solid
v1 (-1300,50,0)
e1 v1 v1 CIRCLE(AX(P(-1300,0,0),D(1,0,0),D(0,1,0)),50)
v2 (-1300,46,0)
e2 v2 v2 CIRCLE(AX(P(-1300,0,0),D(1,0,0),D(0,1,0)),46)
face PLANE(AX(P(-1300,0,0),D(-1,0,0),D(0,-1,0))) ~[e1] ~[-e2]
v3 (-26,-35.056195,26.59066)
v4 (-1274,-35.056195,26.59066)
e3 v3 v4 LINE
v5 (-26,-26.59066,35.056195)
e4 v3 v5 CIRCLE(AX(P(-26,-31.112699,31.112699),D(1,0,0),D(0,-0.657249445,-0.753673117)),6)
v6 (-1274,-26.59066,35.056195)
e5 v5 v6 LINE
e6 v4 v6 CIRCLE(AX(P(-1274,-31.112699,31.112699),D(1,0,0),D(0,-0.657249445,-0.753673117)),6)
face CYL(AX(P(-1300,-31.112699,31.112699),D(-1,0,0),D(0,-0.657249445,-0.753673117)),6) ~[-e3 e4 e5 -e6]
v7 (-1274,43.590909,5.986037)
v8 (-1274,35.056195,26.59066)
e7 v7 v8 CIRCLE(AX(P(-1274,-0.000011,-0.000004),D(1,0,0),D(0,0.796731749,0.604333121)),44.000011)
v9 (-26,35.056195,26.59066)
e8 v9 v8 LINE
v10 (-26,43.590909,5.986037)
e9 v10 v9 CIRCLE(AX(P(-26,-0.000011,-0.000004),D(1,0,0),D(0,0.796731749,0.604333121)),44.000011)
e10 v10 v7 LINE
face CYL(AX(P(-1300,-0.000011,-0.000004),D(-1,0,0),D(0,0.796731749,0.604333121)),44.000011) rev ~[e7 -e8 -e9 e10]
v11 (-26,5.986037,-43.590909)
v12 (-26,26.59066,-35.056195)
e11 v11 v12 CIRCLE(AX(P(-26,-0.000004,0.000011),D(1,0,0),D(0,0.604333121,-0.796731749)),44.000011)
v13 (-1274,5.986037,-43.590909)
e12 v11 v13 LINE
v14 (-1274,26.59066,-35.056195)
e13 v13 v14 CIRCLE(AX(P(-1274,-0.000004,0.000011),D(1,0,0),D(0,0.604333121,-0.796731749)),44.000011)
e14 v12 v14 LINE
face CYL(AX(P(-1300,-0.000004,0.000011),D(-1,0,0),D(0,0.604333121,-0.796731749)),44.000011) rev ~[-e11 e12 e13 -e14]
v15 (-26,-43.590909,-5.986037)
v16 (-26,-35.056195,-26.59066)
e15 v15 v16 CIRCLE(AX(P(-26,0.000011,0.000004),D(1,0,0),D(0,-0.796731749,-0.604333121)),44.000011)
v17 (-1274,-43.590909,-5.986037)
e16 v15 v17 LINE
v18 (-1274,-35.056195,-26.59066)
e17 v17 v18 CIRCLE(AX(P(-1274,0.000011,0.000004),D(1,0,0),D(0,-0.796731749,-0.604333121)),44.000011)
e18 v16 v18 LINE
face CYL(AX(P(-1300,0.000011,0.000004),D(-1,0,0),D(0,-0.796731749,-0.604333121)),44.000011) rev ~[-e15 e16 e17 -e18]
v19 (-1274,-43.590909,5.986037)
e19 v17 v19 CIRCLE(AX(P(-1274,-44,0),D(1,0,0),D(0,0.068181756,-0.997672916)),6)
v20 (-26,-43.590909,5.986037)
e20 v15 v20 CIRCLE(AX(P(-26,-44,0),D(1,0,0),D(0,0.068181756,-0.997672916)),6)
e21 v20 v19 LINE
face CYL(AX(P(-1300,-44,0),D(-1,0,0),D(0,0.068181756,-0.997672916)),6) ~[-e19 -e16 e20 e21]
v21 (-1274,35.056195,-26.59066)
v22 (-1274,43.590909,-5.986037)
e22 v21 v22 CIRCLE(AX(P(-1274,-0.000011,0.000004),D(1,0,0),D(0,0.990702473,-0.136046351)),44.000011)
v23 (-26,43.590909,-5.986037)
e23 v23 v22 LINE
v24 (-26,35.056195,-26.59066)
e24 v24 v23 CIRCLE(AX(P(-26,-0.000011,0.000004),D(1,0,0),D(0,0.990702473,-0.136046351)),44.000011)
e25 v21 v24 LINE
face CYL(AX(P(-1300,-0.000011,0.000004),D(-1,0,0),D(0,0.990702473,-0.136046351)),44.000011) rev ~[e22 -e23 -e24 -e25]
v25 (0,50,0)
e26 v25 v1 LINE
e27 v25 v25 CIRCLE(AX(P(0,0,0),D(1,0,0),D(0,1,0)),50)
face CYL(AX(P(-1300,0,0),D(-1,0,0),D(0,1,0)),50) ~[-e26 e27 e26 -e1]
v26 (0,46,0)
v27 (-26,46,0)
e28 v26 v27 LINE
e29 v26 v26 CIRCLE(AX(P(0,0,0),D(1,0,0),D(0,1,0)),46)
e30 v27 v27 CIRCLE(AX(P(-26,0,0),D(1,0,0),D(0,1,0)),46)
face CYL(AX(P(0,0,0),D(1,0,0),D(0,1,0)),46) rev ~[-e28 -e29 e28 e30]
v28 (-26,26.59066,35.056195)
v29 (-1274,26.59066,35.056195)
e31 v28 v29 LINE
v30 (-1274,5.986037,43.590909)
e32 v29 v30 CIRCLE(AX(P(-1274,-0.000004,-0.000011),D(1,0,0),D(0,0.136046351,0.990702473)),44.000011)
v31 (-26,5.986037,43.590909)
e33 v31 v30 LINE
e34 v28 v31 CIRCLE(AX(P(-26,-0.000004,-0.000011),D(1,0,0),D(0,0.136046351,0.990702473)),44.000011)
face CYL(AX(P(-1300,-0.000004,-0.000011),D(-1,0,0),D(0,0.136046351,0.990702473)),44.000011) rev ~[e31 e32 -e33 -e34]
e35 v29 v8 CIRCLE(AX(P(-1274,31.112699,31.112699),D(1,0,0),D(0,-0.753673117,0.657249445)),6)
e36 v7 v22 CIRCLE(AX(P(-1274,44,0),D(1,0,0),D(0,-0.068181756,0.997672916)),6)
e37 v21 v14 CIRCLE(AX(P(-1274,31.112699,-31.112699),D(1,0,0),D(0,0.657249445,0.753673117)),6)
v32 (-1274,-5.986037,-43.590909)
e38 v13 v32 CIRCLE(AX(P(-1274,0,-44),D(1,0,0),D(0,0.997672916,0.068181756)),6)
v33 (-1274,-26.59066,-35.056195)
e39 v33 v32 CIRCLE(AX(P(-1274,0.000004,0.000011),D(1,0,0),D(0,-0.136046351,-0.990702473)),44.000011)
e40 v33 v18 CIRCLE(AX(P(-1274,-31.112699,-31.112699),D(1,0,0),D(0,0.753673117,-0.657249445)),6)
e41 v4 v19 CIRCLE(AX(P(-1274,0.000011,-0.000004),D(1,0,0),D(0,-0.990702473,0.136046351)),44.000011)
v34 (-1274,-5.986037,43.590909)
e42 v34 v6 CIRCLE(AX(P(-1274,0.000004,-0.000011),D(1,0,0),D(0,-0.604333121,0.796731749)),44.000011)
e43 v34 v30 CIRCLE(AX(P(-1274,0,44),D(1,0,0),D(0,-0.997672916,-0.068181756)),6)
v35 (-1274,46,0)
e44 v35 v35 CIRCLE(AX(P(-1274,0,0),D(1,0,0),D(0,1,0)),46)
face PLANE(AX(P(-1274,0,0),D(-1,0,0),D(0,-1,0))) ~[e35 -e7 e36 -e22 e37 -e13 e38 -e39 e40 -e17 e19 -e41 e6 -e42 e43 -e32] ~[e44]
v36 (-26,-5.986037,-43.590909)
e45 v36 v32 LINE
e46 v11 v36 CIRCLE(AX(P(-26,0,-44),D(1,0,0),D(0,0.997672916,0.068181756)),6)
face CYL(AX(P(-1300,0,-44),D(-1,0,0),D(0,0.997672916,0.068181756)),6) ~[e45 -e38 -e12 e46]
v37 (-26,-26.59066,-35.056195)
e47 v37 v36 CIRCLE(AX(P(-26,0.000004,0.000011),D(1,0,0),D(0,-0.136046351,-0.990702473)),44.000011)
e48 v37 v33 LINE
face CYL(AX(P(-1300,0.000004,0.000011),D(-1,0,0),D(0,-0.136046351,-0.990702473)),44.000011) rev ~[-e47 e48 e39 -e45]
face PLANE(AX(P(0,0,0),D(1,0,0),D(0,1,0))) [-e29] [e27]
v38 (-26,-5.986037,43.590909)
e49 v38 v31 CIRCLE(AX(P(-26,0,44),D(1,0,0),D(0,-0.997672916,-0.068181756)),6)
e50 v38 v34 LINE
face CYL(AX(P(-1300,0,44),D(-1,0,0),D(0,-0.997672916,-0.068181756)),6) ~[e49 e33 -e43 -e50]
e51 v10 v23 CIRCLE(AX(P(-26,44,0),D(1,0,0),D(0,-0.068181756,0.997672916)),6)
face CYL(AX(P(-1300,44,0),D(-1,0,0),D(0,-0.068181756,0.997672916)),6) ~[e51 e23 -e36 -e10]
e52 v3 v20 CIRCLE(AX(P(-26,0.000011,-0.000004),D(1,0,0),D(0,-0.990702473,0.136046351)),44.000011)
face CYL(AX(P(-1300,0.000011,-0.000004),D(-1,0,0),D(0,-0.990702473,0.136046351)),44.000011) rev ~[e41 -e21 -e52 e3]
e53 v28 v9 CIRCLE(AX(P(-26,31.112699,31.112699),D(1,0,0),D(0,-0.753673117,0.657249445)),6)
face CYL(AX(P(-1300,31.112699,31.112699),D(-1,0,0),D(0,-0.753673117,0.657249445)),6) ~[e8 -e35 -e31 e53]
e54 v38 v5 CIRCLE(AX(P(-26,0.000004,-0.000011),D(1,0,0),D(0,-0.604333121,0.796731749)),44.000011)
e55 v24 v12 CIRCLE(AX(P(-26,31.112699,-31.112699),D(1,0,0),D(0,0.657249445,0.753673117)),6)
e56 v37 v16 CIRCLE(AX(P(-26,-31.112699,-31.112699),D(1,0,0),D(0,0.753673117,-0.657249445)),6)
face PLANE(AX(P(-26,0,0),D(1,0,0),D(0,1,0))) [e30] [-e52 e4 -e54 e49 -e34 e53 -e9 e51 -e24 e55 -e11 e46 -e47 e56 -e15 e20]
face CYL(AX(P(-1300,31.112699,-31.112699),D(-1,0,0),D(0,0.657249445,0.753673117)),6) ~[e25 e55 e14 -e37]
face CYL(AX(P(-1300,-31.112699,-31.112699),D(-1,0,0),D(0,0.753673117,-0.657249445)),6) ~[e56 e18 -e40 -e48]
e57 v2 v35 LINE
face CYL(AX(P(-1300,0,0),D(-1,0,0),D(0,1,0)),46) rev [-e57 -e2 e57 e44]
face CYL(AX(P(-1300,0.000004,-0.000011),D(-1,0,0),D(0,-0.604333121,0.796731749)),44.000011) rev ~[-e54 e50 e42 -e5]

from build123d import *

# Parameters (mm, degrees)
F0_R     = 50
F1_DEPTH = 650
F2_R     = 46
F3_DEPTH = 26


with BuildPart() as f1:
    # F0 (on Right) → F1 (new body)
    with BuildSketch(Plane.YZ):
        Circle(F0_R)
        with BuildLine():
            ThreePointArc((26.59066, -35.056195), (16.838071, -40.650699), (5.986037, -43.590909))
            ThreePointArc((5.986037, -43.590909), (0, -38), (-5.986037, -43.590909))
            ThreePointArc((-5.986037, -43.590909), (-16.838071, -40.650699), (-26.59066, -35.056195))
            ThreePointArc((-26.59066, -35.056195), (-26.870058, -26.870058), (-35.056195, -26.59066))
            ThreePointArc((-35.056195, -26.59066), (-40.650699, -16.838071), (-43.590909, -5.986037))
            ThreePointArc((-43.590909, -5.986037), (-38, 0), (-43.590909, 5.986037))
            ThreePointArc((-43.590909, 5.986037), (-40.650699, 16.838071), (-35.056195, 26.59066))
            ThreePointArc((-35.056195, 26.59066), (-26.870058, 26.870058), (-26.59066, 35.056195))
            ThreePointArc((-26.59066, 35.056195), (-16.838071, 40.650699), (-5.986037, 43.590909))
            ThreePointArc((-5.986037, 43.590909), (0, 38), (5.986037, 43.590909))
            ThreePointArc((5.986037, 43.590909), (16.838071, 40.650699), (26.59066, 35.056195))
            ThreePointArc((26.59066, 35.056195), (26.870058, 26.870058), (35.056195, 26.59066))
            ThreePointArc((35.056195, 26.59066), (40.650699, 16.838071), (43.590909, 5.986037))
            ThreePointArc((43.590909, 5.986037), (38, 0), (43.590909, -5.986037))
            ThreePointArc((43.590909, -5.986037), (40.650699, -16.838071), (35.056195, -26.59066))
            ThreePointArc((35.056195, -26.59066), (26.870058, -26.870058), (26.59066, -35.056195))
        make_face(mode=Mode.SUBTRACT)
    extrude(amount=-F1_DEPTH)

    # F2 (on Right) → F3 (cut)
    with BuildSketch(Plane.YZ):
        Circle(F2_R)
    extrude(amount=-F3_DEPTH, mode=Mode.SUBTRACT)

    # F4: F1 across face


with BuildPart() as f1_1:
    add(f1.part)
    add(f1.part.mirror(Plane(origin=(-650, 0, 0), x_dir=(0, 1, 0), z_dir=(-1, 0, 0))))


solid = f1_1.part
